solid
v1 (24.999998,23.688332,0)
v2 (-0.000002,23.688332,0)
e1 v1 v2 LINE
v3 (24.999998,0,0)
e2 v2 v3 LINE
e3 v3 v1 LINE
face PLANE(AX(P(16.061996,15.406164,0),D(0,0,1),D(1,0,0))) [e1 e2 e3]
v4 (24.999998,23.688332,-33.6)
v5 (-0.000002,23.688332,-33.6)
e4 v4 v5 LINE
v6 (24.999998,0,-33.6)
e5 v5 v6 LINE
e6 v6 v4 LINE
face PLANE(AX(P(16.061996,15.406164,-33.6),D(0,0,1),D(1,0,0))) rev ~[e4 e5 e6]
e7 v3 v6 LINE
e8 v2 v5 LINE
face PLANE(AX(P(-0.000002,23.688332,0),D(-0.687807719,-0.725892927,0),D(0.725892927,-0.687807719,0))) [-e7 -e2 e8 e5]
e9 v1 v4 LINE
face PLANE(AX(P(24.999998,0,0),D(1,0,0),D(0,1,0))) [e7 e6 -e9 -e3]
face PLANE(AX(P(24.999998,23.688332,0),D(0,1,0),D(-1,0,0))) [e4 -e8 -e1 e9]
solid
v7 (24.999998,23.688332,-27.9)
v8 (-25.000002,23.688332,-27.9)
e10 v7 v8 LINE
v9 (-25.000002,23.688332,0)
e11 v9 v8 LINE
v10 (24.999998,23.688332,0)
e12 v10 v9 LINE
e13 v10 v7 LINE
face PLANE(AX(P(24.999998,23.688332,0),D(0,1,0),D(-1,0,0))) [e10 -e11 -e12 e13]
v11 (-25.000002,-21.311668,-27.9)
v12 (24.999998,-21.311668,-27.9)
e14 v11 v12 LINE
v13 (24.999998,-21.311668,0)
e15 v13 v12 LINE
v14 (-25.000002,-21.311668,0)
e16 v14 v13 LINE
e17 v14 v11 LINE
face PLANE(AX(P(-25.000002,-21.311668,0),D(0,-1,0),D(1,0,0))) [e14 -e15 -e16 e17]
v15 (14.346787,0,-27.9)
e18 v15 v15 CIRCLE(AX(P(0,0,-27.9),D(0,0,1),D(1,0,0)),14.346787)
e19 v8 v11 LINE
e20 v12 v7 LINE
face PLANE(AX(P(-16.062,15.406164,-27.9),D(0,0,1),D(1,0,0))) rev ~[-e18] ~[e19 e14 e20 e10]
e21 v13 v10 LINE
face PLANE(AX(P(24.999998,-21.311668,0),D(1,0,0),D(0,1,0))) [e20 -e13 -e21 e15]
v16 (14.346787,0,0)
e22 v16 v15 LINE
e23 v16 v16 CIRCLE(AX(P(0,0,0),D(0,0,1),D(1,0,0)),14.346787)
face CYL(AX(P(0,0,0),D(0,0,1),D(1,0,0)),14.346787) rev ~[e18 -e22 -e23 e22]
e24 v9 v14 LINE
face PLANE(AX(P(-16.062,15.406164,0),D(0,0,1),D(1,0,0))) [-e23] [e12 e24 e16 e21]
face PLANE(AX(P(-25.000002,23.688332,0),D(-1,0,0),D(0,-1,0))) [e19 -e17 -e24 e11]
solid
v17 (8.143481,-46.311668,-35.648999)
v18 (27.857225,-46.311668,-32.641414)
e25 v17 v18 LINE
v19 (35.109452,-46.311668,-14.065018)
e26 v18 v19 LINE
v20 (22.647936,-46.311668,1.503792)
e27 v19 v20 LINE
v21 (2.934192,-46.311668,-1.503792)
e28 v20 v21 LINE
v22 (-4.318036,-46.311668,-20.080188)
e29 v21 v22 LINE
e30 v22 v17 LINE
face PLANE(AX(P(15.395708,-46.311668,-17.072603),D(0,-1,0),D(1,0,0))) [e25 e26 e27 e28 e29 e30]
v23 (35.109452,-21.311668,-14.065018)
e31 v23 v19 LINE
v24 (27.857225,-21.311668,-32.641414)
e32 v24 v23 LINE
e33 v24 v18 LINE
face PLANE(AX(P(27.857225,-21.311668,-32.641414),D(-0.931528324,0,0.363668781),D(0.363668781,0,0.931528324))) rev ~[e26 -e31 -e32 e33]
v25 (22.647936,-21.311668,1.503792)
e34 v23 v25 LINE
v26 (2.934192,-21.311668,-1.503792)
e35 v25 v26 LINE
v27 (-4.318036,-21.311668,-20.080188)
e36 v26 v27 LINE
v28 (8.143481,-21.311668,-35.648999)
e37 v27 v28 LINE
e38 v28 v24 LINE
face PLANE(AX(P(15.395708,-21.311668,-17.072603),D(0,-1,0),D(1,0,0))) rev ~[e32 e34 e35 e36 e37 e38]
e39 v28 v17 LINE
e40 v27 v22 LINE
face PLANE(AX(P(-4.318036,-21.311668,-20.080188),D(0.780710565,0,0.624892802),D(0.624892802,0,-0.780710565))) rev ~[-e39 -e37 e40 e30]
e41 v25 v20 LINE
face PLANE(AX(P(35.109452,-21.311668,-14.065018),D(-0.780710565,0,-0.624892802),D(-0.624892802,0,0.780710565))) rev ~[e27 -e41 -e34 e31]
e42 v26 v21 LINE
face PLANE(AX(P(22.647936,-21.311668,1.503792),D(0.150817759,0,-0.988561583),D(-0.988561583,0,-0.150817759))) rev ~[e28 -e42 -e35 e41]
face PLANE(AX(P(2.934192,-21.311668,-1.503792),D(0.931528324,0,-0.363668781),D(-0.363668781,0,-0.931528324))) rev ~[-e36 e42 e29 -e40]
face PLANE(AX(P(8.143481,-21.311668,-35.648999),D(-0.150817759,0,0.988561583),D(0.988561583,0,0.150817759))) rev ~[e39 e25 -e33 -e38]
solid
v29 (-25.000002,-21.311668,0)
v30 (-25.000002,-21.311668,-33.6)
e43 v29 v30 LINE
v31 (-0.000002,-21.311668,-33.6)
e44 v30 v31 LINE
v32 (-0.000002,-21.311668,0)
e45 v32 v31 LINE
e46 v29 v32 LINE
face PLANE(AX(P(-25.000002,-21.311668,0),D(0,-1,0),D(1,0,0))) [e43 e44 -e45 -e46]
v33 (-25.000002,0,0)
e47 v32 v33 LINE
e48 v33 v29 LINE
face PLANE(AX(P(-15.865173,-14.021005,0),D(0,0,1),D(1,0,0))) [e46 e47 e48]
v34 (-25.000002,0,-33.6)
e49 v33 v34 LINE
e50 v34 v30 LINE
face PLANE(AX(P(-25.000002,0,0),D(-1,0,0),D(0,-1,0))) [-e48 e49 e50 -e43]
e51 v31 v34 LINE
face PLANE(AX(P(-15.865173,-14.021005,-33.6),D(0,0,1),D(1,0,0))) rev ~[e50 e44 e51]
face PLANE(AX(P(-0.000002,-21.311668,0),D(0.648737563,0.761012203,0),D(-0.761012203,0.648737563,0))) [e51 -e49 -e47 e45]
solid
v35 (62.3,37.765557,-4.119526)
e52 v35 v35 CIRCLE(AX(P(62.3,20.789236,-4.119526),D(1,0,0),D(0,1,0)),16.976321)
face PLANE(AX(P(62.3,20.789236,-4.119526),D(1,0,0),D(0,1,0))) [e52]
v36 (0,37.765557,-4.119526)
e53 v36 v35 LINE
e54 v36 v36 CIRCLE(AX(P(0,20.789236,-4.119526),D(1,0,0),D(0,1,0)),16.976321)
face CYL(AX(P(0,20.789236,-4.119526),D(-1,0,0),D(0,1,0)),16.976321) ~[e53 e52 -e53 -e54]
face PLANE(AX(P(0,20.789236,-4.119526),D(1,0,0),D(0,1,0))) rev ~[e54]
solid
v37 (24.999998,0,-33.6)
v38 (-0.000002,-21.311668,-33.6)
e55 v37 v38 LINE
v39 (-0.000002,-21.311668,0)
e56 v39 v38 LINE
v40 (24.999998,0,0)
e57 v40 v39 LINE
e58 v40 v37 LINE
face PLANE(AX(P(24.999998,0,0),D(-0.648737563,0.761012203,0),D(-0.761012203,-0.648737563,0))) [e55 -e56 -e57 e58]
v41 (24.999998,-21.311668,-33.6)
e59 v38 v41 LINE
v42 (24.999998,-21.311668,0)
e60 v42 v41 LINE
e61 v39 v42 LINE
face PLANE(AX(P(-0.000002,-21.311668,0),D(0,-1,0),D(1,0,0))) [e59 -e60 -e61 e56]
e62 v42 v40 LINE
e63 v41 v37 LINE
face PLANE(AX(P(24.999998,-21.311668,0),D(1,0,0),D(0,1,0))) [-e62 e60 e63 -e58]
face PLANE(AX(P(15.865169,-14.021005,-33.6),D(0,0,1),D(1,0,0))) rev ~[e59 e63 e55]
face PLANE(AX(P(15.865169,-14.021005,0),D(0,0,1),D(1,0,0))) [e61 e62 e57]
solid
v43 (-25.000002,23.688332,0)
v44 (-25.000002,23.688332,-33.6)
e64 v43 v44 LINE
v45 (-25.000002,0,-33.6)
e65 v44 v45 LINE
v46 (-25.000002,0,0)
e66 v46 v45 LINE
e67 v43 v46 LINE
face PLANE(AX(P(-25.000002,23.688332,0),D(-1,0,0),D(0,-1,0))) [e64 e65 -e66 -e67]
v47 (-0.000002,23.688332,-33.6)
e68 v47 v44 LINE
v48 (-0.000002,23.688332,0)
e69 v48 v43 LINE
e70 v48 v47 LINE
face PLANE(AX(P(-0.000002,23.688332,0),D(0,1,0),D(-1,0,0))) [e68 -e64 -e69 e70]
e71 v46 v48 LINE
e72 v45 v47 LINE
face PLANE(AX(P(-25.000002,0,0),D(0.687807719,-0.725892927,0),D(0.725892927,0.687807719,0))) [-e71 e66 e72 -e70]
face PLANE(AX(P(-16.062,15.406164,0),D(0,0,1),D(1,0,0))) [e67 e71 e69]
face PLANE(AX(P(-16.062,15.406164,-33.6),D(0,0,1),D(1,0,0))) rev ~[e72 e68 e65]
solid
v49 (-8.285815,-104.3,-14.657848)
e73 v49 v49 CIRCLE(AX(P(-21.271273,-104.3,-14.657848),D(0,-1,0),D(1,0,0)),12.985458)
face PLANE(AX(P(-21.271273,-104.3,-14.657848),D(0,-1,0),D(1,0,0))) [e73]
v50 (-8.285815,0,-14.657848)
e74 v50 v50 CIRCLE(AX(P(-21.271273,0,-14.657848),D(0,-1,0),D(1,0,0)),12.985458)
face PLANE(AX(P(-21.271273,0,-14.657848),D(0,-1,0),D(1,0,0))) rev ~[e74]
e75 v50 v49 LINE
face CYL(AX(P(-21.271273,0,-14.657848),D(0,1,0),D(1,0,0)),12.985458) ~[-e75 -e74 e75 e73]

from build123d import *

# Parameters (mm, degrees)
F1_DEPTH = 33.6
F0_R     = 14.3467874304
F2_DEPTH = 27.9
F3_R     = 16.9763209657
F4_DEPTH = 62.3
F5_R     = 12.9854580223
F6_DEPTH = 104.3
F8_DEPTH = 25


with BuildPart() as f1:
    # F0 (on Top) → F1 (new body)
    with BuildSketch(Plane.XY):
        Polygon((-1.8626e-06, 23.6883324424), (-25.0000018626, 23.6883324424), (-25.0000018626, 0), align=None)
    extrude(amount=-F1_DEPTH)


with BuildPart() as f1b:
    # F0 (on Top) → F1, piece 2 (new body)
    with BuildSketch(Plane.XY):
        Polygon((24.9999981374, 23.6883324424), (-1.8626e-06, 23.6883324424), (24.9999981374, 0), align=None)
    extrude(amount=-F1_DEPTH)


with BuildPart() as f1c:
    # F0 (on Top) → F1, piece 3 (new body)
    with BuildSketch(Plane.XY):
        Polygon((-1.8626e-06, -21.3116675576), (-25.0000018626, 0), (-25.0000018626, -21.3116675576), align=None)
    extrude(amount=-F1_DEPTH)


with BuildPart() as f1d:
    # F0 (on Top) → F1, piece 4 (new body)
    with BuildSketch(Plane.XY):
        Polygon((24.9999981374, -21.3116675576), (24.9999981374, 0), (-1.8626e-06, -21.3116675576), align=None)
    extrude(amount=-F1_DEPTH)


with BuildPart() as f2:
    # F0 (on Top) → F2 (new body)
    with BuildSketch(Plane.XY):
        Polygon((-1.8626e-06, 23.6883324424), (-25.0000018626, 23.6883324424), (-25.0000018626, 0), align=None)
        Polygon((24.9999981374, 0), (-1.8626e-06, 23.6883324424), (-25.0000018626, 0), (-1.8626e-06, -21.3116675576), align=None)
        Circle(F0_R, mode=Mode.SUBTRACT)
        Polygon((24.9999981374, 23.6883324424), (-1.8626e-06, 23.6883324424), (24.9999981374, 0), align=None)
        Polygon((-1.8626e-06, -21.3116675576), (-25.0000018626, 0), (-25.0000018626, -21.3116675576), align=None)
        Polygon((24.9999981374, -21.3116675576), (24.9999981374, 0), (-1.8626e-06, -21.3116675576), align=None)
    extrude(amount=-F2_DEPTH)


with BuildPart() as f4:
    # F3 (on Right) → F4 (new body)
    with BuildSketch(Plane.YZ):
        with Locations((20.7892358303, -4.1195256636)):
            Circle(F3_R)
    extrude(amount=F4_DEPTH)


with BuildPart() as f6:
    # F5 (on Front) → F6 (new body)
    with BuildSketch(Plane.XZ):
        with Locations((-21.2712734938, -14.6578475833)):
            Circle(F5_R)
    extrude(amount=F6_DEPTH)


with BuildPart() as f8:
    # F7 (on face) → F8 (new body)
    with BuildSketch(Plane.XZ.offset(21.3116675576)):
        Polygon((22.6479356358, 1.503792345), (2.9341916372, -1.503792345), (-4.3180356165, -20.0801877965), (8.1434811284, -35.648998558), (27.857225127, -32.641413868), (35.1094523807, -14.0650184165), align=None)
    extrude(amount=F8_DEPTH)


solid = Compound([f1.part, f1b.part, f1c.part, f1d.part, f2.part, f4.part, f6.part, f8.part])
